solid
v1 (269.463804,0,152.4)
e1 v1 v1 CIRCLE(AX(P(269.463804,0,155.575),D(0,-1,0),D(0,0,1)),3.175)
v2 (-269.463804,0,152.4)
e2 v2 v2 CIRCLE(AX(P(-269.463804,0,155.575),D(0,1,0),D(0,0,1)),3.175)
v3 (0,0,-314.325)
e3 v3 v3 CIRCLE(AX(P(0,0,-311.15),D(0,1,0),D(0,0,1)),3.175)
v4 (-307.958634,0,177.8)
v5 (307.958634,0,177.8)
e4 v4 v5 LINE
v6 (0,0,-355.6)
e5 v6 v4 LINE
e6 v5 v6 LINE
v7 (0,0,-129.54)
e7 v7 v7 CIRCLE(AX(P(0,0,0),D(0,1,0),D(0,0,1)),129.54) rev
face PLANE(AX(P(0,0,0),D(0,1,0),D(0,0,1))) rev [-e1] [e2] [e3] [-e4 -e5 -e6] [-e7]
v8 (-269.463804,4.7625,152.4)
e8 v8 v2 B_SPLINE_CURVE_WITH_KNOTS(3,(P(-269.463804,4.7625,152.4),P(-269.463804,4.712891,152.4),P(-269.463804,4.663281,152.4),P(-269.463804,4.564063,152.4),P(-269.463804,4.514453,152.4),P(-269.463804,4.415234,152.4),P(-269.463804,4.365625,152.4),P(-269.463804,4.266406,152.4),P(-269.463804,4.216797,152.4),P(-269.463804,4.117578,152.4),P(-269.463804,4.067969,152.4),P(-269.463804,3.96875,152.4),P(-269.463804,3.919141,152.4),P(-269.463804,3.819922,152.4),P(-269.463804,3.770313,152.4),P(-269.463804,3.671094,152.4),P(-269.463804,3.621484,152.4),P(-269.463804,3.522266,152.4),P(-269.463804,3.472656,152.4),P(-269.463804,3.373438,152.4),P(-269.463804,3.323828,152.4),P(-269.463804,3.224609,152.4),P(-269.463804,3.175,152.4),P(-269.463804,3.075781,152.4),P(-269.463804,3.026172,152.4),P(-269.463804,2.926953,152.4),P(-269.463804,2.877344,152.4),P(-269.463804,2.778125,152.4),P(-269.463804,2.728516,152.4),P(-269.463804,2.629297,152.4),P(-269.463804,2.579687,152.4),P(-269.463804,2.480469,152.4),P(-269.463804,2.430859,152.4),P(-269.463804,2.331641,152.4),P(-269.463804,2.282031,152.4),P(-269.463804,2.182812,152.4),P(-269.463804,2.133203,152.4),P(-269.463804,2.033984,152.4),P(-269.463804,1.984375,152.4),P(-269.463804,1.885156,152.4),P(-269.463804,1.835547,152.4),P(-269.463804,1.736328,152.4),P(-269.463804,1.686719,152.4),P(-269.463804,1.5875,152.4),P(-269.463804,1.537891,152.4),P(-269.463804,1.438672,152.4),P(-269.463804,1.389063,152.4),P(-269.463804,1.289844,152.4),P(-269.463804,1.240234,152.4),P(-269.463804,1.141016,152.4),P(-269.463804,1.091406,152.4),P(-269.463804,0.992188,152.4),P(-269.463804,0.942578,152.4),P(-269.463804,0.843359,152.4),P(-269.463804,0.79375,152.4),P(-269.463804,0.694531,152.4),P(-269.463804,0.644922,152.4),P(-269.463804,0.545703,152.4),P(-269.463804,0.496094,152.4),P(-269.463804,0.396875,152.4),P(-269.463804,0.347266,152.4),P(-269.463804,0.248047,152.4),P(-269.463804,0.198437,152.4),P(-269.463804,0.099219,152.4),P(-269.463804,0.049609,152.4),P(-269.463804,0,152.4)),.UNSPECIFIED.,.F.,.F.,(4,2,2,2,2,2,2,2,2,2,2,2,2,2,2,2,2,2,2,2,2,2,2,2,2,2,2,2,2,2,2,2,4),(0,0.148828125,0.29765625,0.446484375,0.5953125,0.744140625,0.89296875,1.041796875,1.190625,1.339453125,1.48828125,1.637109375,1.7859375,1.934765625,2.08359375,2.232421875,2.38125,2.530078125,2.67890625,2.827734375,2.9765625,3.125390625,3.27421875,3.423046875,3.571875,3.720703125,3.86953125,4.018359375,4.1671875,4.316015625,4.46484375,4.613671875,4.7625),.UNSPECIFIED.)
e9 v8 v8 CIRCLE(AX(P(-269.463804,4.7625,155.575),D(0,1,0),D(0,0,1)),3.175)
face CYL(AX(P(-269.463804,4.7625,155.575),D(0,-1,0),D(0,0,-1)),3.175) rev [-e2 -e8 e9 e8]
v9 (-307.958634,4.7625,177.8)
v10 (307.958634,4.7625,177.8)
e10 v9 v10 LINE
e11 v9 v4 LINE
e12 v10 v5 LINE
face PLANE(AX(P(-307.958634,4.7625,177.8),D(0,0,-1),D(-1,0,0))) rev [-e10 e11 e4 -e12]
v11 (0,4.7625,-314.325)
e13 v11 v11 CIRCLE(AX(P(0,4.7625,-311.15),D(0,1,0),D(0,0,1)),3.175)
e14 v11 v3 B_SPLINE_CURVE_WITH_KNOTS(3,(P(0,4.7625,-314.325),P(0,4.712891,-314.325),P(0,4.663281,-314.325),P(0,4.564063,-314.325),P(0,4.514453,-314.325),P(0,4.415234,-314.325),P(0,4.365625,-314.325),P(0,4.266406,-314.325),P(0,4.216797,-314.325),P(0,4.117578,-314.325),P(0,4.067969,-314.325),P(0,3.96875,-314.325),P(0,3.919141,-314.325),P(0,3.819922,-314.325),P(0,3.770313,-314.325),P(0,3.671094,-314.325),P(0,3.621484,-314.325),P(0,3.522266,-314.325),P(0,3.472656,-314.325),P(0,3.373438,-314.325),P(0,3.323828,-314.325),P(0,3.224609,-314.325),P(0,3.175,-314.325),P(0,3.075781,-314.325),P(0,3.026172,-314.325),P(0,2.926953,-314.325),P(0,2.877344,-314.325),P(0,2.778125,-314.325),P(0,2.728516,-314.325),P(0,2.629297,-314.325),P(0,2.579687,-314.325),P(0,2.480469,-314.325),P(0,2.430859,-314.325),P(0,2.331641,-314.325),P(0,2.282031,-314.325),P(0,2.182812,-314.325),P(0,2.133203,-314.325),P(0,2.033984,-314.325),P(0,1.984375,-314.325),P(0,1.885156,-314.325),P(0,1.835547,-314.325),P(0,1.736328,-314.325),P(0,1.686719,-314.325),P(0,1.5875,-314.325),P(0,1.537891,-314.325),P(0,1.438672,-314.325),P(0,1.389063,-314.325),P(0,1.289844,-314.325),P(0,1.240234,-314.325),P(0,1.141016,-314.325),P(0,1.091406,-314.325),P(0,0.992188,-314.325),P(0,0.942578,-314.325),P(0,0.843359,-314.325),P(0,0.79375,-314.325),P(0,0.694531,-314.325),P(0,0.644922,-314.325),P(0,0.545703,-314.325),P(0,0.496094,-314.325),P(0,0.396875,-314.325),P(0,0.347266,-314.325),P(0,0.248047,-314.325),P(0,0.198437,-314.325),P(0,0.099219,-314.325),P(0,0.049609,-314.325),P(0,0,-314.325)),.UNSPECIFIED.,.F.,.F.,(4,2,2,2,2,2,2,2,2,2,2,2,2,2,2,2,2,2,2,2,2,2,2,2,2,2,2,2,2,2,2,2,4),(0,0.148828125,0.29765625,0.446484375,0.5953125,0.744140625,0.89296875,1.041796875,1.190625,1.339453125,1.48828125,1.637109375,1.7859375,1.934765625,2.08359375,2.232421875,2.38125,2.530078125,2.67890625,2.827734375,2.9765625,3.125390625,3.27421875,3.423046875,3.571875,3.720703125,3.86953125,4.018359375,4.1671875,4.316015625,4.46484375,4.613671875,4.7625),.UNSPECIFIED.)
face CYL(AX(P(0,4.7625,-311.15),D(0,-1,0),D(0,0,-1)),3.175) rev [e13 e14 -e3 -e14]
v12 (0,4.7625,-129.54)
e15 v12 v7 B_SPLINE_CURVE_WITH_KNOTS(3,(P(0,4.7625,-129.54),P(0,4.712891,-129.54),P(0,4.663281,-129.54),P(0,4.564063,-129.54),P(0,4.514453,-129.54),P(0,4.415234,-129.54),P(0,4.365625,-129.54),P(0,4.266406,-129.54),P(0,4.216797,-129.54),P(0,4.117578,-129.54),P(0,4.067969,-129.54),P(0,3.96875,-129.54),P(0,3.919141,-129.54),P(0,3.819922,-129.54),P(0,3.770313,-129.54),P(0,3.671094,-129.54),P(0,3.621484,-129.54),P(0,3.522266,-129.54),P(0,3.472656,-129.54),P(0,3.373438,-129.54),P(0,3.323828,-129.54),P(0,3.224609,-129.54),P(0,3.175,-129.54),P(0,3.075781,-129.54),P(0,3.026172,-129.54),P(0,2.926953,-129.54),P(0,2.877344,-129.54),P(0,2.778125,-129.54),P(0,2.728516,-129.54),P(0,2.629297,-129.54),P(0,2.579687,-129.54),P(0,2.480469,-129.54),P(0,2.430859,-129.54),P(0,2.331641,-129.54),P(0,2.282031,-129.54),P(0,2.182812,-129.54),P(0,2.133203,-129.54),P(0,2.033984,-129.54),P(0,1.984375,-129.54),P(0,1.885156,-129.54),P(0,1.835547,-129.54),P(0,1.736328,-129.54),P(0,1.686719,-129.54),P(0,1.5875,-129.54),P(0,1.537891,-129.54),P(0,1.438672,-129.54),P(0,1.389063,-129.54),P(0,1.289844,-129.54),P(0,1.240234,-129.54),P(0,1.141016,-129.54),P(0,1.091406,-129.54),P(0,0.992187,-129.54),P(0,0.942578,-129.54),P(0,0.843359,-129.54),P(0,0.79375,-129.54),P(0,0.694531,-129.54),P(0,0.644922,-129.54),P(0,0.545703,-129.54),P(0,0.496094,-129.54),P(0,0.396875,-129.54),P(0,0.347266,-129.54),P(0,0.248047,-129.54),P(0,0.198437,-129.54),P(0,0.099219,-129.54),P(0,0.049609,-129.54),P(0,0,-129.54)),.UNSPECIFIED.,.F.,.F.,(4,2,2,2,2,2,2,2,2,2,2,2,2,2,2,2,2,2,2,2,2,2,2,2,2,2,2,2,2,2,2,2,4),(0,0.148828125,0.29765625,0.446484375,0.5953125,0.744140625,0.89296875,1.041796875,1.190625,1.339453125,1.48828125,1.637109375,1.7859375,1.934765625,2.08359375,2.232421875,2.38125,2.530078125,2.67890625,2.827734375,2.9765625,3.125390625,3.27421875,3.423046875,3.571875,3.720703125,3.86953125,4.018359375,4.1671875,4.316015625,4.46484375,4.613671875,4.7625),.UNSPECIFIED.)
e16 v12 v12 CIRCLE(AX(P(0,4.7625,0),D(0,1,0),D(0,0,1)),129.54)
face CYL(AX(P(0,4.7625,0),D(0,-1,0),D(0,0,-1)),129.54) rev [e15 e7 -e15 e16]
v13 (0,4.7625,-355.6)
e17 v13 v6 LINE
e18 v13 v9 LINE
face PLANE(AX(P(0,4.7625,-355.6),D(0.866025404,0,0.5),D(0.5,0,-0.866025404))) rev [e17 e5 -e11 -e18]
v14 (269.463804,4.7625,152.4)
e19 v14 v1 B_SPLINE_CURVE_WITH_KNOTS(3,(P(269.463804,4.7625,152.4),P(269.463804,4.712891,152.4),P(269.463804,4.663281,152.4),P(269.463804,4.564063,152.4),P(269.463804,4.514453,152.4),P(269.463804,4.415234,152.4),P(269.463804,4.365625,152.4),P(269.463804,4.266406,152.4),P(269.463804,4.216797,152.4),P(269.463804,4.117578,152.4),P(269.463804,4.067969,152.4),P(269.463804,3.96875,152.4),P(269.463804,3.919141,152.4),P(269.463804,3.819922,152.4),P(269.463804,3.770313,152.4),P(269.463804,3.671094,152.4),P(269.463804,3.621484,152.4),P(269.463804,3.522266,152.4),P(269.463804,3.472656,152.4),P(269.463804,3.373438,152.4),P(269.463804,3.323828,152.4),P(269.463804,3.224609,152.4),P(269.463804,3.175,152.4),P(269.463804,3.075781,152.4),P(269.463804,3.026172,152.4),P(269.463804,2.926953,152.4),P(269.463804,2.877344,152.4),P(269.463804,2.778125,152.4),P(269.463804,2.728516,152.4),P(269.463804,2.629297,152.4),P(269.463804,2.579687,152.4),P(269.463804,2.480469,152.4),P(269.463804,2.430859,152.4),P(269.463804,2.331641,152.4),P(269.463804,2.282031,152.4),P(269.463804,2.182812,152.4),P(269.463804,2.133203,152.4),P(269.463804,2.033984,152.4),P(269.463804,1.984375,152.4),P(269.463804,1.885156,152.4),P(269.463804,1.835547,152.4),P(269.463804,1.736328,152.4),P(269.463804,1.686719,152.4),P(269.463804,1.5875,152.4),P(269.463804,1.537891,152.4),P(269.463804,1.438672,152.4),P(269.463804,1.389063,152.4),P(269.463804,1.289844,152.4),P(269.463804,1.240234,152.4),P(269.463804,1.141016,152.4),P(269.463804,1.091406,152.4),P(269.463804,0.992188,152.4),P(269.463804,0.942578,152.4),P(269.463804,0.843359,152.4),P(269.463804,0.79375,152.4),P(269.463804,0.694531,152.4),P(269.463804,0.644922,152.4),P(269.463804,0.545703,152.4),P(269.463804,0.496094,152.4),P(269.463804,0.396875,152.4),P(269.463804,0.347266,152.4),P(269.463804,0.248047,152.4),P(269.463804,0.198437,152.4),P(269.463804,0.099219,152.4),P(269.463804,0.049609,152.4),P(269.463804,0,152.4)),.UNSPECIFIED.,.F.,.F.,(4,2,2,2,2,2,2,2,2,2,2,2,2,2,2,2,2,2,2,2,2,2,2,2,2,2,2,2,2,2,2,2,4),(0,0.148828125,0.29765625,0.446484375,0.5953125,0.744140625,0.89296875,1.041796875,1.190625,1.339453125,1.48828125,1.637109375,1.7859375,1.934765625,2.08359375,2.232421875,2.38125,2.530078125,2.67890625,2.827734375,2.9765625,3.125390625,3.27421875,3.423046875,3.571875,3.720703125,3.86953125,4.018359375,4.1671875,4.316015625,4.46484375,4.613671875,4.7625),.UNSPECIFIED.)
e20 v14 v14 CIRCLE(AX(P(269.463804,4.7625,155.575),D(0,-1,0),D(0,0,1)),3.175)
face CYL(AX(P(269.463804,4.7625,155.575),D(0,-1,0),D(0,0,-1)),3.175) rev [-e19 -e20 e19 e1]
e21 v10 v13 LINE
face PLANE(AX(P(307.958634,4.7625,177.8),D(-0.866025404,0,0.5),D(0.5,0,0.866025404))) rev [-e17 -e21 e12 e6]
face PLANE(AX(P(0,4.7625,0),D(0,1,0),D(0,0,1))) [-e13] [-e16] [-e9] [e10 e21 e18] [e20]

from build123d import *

# Parameters (mm, degrees)
BOSS_EXTRUDE1_DEPTH     = 4.7625
CUT_EXTRUDE3_DEPTH      = 4.7625
CUT_EXTRUDE3_DEPTH_BACK = 4.7625
SKETCH5_R               = 129.54
SKETCH6_R               = 3.175
CUT_EXTRUDE5_DEPTH      = 4.7625


with BuildPart() as part:
    # Sketch1 → Boss-Extrude1 (new body)
    with BuildSketch(Plane(origin=(0, 0, 0), x_dir=(1, 0, 0), z_dir=(0, 1, 0))):
        Polygon((0, 355.6), (-307.958633586, -177.8), (307.958633586, -177.8), align=None)
    extrude(amount=BOSS_EXTRUDE1_DEPTH)

    # Sketch5 → Cut-Extrude3 (cut, two sides: drawn at the far end of the back side and taken through both)
    with BuildSketch(Plane(origin=(0, 0, 0), x_dir=(1, 0, 0), z_dir=(0, 1, 0)).offset(-CUT_EXTRUDE3_DEPTH_BACK)):
        Circle(SKETCH5_R)
    extrude(amount=CUT_EXTRUDE3_DEPTH + CUT_EXTRUDE3_DEPTH_BACK, mode=Mode.SUBTRACT)

    # Sketch6 → Cut-Extrude5 (cut)
    with BuildSketch(Plane(origin=(0, 0, 0), x_dir=(1, 0, 0), z_dir=(0, 1, 0))):
        with Locations((-269.463804388, -155.575)):
            Circle(SKETCH6_R)
        with Locations((0, 311.15)):
            Circle(SKETCH6_R)
    cut_extrude5 = extrude(amount=CUT_EXTRUDE5_DEPTH, mode=Mode.SUBTRACT)

    # Mirror1: Cut-Extrude5 across plane
    add(cut_extrude5.mirror(Plane(origin=(0, 0, 0), x_dir=(0, 0, 1), z_dir=(1, 0, 0))), mode=Mode.SUBTRACT)


solid = part.part
